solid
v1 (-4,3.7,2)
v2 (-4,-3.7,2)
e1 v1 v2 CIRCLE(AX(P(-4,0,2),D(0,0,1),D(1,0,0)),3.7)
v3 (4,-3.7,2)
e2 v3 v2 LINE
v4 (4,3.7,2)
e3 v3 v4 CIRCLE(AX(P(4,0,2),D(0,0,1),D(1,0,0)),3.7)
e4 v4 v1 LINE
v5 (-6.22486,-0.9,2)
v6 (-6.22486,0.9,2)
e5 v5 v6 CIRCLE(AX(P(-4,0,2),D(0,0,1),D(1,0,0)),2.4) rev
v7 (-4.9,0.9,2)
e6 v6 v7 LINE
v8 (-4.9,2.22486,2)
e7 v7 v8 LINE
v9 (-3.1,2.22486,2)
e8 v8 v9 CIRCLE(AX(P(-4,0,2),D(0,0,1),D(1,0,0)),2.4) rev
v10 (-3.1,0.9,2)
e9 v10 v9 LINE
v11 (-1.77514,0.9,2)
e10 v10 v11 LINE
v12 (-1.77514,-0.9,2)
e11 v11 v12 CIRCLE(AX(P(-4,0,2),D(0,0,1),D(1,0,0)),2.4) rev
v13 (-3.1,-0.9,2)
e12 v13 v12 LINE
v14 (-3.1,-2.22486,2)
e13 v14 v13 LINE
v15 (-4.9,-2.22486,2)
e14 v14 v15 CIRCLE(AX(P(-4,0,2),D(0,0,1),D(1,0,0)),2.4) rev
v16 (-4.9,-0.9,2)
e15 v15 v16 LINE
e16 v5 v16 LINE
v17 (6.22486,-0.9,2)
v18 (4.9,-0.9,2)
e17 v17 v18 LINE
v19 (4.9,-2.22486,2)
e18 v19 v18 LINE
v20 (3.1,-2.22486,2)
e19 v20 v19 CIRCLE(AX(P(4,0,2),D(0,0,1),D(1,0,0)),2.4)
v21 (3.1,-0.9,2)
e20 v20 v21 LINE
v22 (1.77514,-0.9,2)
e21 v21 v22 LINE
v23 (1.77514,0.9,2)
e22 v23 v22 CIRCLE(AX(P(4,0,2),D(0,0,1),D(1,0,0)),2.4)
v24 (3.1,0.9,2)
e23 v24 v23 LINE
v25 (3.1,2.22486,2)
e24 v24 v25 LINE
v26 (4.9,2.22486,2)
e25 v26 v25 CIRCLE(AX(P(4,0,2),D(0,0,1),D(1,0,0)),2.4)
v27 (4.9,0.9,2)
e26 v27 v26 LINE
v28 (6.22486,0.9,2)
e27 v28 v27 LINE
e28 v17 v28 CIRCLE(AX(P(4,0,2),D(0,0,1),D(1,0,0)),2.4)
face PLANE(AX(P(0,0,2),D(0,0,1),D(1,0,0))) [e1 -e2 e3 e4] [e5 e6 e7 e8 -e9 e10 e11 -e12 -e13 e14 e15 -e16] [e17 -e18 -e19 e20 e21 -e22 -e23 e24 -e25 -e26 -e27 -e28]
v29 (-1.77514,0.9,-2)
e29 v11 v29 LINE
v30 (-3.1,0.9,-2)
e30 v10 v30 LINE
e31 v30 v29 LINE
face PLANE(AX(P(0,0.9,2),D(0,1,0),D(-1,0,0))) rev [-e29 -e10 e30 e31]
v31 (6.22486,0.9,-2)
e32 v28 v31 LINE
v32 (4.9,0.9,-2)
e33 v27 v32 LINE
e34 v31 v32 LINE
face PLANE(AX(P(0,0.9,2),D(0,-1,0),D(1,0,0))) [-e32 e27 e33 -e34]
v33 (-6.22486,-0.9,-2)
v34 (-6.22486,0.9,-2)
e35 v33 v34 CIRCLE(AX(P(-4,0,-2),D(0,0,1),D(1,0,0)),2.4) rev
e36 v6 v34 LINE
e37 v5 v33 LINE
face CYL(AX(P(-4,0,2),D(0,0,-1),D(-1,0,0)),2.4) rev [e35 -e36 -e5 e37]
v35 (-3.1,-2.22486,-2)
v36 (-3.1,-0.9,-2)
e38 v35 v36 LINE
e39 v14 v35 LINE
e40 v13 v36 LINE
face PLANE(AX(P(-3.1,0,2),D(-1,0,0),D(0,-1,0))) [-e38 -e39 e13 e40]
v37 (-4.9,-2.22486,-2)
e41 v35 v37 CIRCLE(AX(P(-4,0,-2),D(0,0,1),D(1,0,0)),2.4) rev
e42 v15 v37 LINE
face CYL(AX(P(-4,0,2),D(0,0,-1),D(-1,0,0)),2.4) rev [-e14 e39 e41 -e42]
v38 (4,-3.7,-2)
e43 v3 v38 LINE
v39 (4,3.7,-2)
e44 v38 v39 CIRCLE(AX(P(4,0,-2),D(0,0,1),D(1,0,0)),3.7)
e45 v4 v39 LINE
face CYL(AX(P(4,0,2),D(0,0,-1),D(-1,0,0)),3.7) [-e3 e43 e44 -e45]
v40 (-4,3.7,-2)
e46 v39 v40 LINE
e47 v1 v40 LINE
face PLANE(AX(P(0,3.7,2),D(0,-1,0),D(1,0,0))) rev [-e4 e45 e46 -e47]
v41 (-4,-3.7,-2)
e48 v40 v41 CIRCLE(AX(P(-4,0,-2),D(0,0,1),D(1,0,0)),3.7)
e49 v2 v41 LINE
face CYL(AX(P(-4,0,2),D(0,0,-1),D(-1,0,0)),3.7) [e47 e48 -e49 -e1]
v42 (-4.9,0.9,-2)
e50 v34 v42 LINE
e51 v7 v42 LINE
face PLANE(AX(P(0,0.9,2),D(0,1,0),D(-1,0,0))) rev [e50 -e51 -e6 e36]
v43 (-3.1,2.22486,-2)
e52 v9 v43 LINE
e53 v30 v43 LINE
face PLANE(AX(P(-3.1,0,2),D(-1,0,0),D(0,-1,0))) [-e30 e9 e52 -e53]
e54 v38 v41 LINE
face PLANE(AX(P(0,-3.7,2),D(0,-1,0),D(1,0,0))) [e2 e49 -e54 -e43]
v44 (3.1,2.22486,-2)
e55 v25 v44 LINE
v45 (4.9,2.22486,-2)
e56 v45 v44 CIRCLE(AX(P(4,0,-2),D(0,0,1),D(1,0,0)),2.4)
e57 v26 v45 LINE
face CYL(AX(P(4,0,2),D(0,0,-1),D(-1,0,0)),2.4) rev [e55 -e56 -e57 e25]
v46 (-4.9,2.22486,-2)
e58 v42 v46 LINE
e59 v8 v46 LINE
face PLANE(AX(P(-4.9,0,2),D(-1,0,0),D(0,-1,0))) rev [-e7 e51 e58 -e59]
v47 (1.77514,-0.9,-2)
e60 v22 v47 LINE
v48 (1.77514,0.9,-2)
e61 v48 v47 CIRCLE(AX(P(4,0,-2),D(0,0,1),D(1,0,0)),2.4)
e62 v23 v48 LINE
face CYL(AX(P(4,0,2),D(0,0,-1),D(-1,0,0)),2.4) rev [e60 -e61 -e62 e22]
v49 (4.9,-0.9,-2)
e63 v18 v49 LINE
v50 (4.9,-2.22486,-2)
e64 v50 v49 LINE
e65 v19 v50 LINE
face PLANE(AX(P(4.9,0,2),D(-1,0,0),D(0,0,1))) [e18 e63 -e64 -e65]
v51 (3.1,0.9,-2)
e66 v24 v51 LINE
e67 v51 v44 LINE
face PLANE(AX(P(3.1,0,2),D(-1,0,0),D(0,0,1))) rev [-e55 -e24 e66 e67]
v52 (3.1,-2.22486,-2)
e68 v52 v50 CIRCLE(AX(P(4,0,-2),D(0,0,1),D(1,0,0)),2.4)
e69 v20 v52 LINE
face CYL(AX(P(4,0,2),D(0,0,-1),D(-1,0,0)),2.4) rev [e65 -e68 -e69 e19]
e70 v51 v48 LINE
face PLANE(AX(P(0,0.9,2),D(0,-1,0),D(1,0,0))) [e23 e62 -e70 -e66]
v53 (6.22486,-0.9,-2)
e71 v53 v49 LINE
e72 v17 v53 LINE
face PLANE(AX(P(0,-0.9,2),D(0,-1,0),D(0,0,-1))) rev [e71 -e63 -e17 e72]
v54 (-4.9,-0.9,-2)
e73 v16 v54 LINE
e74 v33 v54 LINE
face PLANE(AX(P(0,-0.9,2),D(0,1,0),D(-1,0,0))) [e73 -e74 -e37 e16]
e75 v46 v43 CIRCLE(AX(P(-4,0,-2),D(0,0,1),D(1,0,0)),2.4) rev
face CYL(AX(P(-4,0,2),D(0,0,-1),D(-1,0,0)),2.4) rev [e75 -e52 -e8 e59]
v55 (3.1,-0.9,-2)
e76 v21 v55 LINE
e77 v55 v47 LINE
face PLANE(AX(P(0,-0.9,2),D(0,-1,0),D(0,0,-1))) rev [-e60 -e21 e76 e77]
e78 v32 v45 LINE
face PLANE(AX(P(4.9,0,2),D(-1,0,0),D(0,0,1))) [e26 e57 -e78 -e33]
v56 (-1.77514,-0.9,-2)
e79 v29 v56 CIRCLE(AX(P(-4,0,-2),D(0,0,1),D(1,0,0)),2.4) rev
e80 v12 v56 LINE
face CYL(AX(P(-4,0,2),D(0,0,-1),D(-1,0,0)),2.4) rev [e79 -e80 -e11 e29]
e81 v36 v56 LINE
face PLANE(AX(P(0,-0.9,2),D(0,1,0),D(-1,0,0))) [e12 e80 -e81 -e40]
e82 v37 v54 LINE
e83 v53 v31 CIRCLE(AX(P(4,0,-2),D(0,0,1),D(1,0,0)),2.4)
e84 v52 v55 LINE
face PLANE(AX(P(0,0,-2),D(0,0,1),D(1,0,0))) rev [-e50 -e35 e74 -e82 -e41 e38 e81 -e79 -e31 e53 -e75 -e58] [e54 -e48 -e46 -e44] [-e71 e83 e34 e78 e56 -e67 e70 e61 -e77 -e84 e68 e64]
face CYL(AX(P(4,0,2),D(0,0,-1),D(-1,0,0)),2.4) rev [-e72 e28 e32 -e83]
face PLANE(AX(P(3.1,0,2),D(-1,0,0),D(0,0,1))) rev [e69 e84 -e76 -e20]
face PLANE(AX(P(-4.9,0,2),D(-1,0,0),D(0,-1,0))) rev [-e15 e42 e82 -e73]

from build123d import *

# Parameters (mm, degrees)
BOSS_EXTRUDE1_DEPTH = 2


with BuildPart() as part:
    # Sketch1 → Boss-Extrude1 (new, symmetric)
    with BuildSketch(Plane.XY):
        with BuildLine():
            Line((-4, -3.7), (4, -3.7))
            ThreePointArc((4, -3.7), (7.7, 0), (4, 3.7))
            Line((4, 3.7), (-4, 3.7))
            ThreePointArc((-4, 3.7), (-7.7, 0), (-4, -3.7))
        make_face()
        with BuildLine():
            Line((-3.1, 2.224859546), (-3.1, 0.9))
            Line((-3.1, 0.9), (-1.775140454, 0.9))
            ThreePointArc((-1.775140454, 0.9), (-1.6, 0), (-1.775140454, -0.9))
            Line((-1.775140454, -0.9), (-3.1, -0.9))
            Line((-3.1, -0.9), (-3.1, -2.224859546))
            ThreePointArc((-3.1, -2.224859546), (-4, -2.4), (-4.9, -2.224859546))
            Line((-4.9, -2.224859546), (-4.9, -0.9))
            Line((-4.9, -0.9), (-6.224859546, -0.9))
            ThreePointArc((-6.224859546, -0.9), (-6.4, 0), (-6.224859546, 0.9))
            Line((-6.224859546, 0.9), (-4.9, 0.9))
            Line((-4.9, 0.9), (-4.9, 2.224859546))
            ThreePointArc((-4.9, 2.224859546), (-4, 2.4), (-3.1, 2.224859546))
        make_face(mode=Mode.SUBTRACT)
        with BuildLine():
            ThreePointArc((4.9, -2.224859546), (4, -2.4), (3.1, -2.224859546))
            Line((3.1, -2.224859546), (3.1, -0.9))
            Line((3.1, -0.9), (1.775140454, -0.9))
            ThreePointArc((1.775140454, -0.9), (1.6, 0), (1.775140454, 0.9))
            Line((1.775140454, 0.9), (3.1, 0.9))
            Line((3.1, 0.9), (3.1, 2.224859546))
            ThreePointArc((3.1, 2.224859546), (4, 2.4), (4.9, 2.224859546))
            Line((4.9, 2.224859546), (4.9, 0.9))
            Line((4.9, 0.9), (6.224859546, 0.9))
            ThreePointArc((6.224859546, 0.9), (6.4, 0), (6.224859546, -0.9))
            Line((6.224859546, -0.9), (4.9, -0.9))
            Line((4.9, -0.9), (4.9, -2.224859546))
        make_face(mode=Mode.SUBTRACT)
    extrude(amount=BOSS_EXTRUDE1_DEPTH, both=True)


solid = part.part
